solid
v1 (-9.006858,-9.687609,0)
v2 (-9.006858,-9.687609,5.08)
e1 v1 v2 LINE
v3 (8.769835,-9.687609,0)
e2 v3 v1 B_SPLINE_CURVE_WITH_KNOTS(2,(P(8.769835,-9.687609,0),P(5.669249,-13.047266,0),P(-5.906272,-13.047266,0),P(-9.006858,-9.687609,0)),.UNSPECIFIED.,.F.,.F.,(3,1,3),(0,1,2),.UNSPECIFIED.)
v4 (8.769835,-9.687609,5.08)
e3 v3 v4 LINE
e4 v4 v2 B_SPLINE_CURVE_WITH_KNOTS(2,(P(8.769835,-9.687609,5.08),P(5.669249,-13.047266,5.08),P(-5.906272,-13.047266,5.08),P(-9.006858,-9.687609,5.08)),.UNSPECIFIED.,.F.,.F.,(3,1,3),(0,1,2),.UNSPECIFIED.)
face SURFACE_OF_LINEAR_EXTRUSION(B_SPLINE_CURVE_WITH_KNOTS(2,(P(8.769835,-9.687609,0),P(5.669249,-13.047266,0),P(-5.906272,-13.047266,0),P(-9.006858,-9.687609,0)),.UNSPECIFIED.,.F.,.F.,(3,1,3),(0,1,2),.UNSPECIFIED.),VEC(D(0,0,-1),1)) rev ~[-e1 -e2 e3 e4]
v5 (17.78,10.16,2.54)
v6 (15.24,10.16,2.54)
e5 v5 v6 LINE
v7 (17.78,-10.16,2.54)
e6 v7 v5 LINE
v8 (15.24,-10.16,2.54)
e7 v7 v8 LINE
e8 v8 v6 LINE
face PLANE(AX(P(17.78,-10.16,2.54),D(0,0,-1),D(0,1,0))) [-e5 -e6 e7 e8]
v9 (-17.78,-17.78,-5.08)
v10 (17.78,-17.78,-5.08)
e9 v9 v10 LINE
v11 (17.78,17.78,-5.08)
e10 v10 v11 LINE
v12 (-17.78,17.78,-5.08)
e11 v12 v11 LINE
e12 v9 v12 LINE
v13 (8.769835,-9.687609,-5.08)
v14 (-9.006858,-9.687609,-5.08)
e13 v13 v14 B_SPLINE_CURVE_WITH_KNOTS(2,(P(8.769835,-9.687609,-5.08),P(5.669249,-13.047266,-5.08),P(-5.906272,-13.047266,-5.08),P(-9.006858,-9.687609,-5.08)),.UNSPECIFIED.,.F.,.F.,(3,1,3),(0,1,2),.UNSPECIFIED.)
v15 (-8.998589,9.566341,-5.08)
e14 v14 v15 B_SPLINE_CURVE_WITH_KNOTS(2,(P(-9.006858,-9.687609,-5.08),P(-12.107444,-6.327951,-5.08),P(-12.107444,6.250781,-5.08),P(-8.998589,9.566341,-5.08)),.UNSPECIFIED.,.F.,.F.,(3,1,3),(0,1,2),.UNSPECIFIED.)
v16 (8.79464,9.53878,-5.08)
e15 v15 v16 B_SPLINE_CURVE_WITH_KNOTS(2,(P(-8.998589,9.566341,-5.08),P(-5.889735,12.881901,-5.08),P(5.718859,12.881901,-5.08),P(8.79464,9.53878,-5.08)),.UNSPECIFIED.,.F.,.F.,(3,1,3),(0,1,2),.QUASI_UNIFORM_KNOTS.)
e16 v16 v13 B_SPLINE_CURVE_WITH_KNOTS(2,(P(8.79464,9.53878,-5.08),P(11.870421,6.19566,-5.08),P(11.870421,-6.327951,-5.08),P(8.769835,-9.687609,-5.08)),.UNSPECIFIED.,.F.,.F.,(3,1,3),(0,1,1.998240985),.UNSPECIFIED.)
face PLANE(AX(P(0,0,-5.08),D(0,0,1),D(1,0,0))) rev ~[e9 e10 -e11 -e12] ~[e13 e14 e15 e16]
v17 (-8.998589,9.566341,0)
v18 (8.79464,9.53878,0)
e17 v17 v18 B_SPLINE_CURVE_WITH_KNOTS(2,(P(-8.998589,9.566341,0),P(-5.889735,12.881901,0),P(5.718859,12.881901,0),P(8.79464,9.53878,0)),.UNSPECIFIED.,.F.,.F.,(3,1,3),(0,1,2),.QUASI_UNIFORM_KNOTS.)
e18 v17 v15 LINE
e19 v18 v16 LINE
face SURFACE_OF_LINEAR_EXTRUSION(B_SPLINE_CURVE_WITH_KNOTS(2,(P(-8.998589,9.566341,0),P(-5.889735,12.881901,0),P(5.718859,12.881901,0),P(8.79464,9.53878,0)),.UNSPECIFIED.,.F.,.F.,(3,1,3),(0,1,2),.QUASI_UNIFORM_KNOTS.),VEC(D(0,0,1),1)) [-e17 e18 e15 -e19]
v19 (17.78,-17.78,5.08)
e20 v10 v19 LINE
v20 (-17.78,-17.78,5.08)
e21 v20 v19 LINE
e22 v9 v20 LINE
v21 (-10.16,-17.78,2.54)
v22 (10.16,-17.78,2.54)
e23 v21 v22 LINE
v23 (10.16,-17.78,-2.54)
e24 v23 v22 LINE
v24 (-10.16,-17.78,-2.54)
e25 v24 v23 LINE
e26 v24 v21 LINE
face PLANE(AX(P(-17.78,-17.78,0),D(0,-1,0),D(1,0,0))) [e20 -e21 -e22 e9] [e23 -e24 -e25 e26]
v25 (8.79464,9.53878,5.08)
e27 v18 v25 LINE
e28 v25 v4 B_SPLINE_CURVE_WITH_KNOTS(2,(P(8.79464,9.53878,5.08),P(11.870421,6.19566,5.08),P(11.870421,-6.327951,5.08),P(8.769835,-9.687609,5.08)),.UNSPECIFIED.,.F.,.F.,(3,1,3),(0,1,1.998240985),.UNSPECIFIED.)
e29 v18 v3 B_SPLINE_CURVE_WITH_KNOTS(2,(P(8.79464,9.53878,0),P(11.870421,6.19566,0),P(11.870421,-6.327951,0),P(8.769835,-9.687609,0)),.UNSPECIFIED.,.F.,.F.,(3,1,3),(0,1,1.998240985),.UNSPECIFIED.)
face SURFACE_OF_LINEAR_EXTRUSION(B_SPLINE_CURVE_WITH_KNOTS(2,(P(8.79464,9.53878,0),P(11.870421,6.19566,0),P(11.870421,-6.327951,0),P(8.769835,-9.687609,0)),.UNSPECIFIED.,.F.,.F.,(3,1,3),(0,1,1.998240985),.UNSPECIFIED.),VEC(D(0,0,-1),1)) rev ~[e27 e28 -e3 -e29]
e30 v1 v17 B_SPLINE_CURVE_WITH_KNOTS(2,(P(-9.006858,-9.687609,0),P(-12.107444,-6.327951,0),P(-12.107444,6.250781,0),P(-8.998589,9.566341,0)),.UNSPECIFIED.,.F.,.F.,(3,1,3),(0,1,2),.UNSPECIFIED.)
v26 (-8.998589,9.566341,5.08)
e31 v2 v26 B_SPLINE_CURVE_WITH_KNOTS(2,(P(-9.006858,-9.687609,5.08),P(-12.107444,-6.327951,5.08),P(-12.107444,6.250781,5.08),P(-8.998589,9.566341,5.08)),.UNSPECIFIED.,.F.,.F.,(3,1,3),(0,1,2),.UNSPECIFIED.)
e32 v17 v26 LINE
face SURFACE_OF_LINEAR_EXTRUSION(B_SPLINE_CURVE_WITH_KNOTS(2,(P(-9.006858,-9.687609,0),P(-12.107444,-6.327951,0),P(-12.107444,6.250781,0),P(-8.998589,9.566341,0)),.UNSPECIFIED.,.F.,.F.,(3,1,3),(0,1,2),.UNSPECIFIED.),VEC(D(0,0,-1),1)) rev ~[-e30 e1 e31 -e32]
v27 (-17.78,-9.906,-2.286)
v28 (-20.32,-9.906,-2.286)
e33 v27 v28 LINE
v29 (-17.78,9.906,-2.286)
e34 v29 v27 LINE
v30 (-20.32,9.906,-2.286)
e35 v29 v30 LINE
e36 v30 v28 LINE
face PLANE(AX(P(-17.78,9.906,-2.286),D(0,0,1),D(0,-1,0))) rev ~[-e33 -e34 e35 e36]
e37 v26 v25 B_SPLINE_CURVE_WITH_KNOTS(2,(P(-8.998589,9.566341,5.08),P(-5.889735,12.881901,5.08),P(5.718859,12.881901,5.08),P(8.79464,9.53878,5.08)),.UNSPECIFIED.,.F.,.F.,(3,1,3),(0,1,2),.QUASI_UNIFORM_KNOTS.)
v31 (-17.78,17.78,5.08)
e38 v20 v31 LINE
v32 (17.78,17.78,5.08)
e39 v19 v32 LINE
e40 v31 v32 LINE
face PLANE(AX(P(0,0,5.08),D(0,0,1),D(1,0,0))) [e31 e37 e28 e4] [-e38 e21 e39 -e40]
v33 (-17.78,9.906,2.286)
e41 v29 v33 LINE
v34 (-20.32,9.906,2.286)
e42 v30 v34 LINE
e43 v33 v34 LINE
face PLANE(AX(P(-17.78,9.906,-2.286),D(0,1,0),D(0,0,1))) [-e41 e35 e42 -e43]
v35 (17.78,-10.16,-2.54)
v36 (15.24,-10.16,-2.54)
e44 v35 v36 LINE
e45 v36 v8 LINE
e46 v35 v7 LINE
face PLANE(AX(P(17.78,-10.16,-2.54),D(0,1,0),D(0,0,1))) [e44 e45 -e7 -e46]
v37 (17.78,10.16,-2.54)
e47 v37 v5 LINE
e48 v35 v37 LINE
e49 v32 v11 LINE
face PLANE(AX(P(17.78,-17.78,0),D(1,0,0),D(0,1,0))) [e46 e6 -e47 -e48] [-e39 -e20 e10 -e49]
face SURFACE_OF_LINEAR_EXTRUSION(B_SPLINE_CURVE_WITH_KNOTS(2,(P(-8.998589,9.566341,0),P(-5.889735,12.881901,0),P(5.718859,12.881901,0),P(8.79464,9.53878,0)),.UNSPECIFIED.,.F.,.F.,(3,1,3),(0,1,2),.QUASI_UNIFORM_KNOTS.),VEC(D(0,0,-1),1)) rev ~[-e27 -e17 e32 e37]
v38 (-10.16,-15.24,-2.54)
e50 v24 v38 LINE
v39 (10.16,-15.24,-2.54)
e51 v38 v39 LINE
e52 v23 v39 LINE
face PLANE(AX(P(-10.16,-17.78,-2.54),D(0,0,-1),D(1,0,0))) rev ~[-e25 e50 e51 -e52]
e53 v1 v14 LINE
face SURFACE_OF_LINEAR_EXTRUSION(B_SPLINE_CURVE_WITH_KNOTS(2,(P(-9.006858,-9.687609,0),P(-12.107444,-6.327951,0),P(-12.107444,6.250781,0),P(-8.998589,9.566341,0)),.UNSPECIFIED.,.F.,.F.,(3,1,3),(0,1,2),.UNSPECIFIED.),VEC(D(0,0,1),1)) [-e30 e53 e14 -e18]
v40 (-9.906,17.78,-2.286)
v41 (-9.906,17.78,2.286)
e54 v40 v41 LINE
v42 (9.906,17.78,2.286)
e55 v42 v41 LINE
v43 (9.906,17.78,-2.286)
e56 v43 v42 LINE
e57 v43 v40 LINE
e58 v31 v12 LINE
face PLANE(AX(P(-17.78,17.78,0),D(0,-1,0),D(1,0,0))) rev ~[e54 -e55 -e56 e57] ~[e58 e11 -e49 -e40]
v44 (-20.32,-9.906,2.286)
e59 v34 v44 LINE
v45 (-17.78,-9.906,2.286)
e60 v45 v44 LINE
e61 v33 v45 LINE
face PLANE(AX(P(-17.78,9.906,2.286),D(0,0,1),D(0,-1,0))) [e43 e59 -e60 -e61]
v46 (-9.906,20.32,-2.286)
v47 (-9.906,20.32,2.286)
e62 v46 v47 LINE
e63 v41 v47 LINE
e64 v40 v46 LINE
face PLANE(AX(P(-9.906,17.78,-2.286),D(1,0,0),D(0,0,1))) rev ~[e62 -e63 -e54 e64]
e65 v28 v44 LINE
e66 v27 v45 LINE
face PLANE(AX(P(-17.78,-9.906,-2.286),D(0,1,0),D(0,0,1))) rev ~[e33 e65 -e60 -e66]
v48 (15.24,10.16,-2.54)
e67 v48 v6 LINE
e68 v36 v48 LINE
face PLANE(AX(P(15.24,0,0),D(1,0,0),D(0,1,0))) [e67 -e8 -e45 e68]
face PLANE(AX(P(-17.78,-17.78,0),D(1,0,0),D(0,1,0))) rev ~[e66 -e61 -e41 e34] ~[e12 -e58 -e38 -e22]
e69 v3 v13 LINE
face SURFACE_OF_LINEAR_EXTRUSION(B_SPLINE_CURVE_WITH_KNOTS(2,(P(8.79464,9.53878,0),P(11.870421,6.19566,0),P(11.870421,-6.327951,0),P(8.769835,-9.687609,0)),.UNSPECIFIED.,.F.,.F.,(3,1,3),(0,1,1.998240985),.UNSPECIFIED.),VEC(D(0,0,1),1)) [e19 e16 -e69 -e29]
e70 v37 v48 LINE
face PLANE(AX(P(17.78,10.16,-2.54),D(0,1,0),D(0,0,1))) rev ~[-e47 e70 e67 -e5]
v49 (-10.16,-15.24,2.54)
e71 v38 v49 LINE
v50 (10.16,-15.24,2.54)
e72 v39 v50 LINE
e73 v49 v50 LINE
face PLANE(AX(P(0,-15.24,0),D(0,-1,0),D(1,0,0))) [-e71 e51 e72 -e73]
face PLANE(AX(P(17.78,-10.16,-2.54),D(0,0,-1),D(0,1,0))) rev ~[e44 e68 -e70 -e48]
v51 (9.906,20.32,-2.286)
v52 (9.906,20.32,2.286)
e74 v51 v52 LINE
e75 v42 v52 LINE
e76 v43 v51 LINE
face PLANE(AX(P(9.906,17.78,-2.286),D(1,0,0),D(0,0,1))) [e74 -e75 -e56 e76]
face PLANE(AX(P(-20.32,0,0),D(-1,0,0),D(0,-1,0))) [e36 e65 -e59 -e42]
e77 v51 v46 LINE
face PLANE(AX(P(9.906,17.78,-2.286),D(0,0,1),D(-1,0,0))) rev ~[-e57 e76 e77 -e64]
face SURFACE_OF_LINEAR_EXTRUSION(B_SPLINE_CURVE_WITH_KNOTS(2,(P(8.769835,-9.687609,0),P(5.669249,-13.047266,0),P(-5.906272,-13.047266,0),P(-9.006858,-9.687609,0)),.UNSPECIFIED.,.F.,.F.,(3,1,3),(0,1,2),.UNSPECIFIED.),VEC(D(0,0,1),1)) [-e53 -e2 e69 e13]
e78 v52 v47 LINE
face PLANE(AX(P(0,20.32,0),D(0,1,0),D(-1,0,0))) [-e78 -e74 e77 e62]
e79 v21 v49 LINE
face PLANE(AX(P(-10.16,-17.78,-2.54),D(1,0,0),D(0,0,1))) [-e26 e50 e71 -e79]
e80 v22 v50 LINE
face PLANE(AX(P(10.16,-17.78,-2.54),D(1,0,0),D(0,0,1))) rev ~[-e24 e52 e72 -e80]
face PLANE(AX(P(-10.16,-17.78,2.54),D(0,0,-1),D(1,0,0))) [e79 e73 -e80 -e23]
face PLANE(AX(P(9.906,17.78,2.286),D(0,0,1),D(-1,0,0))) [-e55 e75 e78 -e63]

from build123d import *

# Parameters (mm, degrees)
F0_W     = 35.56
F0_H     = 35.56
F1_DEPTH = 5.08
F2_W     = 19.812
F2_H     = 4.572
F3_DEPTH = 2.54
F4_W     = 19.812
F4_H     = 4.572
F5_DEPTH = 2.54
F6_W     = 20.32
F6_H     = 5.08
F7_DEPTH = 2.54
F8_W     = 20.32
F8_H     = 5.08
F9_DEPTH = 2.54


with BuildPart() as f1:
    # F0 (on Top) → F1 (new body, symmetric)
    with BuildSketch(Plane.XY):
        Rectangle(F0_W, F0_H)
        with BuildLine():
            add(Edge.make_bspline(
                [(8.7946397569, 9.5387803819), (11.8704210069, 6.1956597222), (11.8704210069, -0.0716579861)],
                knots=[0, 0, 0, 1, 1, 1], degree=2))
            add(Edge.make_bspline(
                [(11.8704210069, -0.0716579861), (11.8704210069, -6.3279513889), (8.7698350694, -9.6876085069)],
                knots=[0, 0, 0, 1, 1, 1], degree=2))
            add(Edge.make_bspline(
                [(8.7698350694, -9.6876085069), (5.6692491319, -13.047265625), (-0.1185112847, -13.047265625)],
                knots=[0, 0, 0, 1, 1, 1], degree=2))
            add(Edge.make_bspline(
                [(-0.1185112847, -13.047265625), (-5.9062717014, -13.047265625), (-9.0068576389, -9.6876085069)],
                knots=[0, 0, 0, 1, 1, 1], degree=2))
            add(Edge.make_bspline(
                [(-9.0068576389, -9.6876085069), (-12.1074435764, -6.3279513889), (-12.1074435764, -0.0385850694)],
                knots=[0, 0, 0, 1, 1, 1], degree=2))
            add(Edge.make_bspline(
                [(-12.1074435764, -0.0385850694), (-12.1074435764, 6.25078125), (-8.9985894097, 9.5663411458)],
                knots=[0, 0, 0, 1, 1, 1], degree=2))
            add(Edge.make_bspline(
                [(-8.9985894097, 9.5663411458), (-5.8897352431, 12.8819010417), (-0.0854383681, 12.8819010417)],
                knots=[0, 0, 0, 1, 1, 1], degree=2))
            add(Edge.make_bspline(
                [(-0.0854383681, 12.8819010417), (5.7188585069, 12.8819010417), (8.7946397569, 9.5387803819)],
                knots=[0, 0, 0, 1, 1, 1], degree=2))
        make_face(mode=Mode.SUBTRACT)
    extrude(amount=F1_DEPTH, both=True)

    # F2 (on face) → F3 (join)
    with BuildSketch(Plane(origin=(0, 17.78, 0), x_dir=(-1, 0, 0), z_dir=(0, 1, 0))):
        Rectangle(F2_W, F2_H)
    extrude(amount=F3_DEPTH)

    # F4 (on face) → F5 (join)
    with BuildSketch(Plane(origin=(-17.78, 0, 0), x_dir=(0, -1, 0), z_dir=(-1, 0, 0))):
        Rectangle(F4_W, F4_H)
    extrude(amount=F5_DEPTH)

    # F6 (on face) → F7 (cut)
    with BuildSketch(Plane.XZ.offset(17.78)):
        Rectangle(F6_W, F6_H)
    extrude(amount=-F7_DEPTH, mode=Mode.SUBTRACT)

    # F8 (on face) → F9 (cut)
    with BuildSketch(Plane.YZ.offset(17.78)):
        Rectangle(F8_W, F8_H)
    extrude(amount=-F9_DEPTH, mode=Mode.SUBTRACT)


solid = f1.part
